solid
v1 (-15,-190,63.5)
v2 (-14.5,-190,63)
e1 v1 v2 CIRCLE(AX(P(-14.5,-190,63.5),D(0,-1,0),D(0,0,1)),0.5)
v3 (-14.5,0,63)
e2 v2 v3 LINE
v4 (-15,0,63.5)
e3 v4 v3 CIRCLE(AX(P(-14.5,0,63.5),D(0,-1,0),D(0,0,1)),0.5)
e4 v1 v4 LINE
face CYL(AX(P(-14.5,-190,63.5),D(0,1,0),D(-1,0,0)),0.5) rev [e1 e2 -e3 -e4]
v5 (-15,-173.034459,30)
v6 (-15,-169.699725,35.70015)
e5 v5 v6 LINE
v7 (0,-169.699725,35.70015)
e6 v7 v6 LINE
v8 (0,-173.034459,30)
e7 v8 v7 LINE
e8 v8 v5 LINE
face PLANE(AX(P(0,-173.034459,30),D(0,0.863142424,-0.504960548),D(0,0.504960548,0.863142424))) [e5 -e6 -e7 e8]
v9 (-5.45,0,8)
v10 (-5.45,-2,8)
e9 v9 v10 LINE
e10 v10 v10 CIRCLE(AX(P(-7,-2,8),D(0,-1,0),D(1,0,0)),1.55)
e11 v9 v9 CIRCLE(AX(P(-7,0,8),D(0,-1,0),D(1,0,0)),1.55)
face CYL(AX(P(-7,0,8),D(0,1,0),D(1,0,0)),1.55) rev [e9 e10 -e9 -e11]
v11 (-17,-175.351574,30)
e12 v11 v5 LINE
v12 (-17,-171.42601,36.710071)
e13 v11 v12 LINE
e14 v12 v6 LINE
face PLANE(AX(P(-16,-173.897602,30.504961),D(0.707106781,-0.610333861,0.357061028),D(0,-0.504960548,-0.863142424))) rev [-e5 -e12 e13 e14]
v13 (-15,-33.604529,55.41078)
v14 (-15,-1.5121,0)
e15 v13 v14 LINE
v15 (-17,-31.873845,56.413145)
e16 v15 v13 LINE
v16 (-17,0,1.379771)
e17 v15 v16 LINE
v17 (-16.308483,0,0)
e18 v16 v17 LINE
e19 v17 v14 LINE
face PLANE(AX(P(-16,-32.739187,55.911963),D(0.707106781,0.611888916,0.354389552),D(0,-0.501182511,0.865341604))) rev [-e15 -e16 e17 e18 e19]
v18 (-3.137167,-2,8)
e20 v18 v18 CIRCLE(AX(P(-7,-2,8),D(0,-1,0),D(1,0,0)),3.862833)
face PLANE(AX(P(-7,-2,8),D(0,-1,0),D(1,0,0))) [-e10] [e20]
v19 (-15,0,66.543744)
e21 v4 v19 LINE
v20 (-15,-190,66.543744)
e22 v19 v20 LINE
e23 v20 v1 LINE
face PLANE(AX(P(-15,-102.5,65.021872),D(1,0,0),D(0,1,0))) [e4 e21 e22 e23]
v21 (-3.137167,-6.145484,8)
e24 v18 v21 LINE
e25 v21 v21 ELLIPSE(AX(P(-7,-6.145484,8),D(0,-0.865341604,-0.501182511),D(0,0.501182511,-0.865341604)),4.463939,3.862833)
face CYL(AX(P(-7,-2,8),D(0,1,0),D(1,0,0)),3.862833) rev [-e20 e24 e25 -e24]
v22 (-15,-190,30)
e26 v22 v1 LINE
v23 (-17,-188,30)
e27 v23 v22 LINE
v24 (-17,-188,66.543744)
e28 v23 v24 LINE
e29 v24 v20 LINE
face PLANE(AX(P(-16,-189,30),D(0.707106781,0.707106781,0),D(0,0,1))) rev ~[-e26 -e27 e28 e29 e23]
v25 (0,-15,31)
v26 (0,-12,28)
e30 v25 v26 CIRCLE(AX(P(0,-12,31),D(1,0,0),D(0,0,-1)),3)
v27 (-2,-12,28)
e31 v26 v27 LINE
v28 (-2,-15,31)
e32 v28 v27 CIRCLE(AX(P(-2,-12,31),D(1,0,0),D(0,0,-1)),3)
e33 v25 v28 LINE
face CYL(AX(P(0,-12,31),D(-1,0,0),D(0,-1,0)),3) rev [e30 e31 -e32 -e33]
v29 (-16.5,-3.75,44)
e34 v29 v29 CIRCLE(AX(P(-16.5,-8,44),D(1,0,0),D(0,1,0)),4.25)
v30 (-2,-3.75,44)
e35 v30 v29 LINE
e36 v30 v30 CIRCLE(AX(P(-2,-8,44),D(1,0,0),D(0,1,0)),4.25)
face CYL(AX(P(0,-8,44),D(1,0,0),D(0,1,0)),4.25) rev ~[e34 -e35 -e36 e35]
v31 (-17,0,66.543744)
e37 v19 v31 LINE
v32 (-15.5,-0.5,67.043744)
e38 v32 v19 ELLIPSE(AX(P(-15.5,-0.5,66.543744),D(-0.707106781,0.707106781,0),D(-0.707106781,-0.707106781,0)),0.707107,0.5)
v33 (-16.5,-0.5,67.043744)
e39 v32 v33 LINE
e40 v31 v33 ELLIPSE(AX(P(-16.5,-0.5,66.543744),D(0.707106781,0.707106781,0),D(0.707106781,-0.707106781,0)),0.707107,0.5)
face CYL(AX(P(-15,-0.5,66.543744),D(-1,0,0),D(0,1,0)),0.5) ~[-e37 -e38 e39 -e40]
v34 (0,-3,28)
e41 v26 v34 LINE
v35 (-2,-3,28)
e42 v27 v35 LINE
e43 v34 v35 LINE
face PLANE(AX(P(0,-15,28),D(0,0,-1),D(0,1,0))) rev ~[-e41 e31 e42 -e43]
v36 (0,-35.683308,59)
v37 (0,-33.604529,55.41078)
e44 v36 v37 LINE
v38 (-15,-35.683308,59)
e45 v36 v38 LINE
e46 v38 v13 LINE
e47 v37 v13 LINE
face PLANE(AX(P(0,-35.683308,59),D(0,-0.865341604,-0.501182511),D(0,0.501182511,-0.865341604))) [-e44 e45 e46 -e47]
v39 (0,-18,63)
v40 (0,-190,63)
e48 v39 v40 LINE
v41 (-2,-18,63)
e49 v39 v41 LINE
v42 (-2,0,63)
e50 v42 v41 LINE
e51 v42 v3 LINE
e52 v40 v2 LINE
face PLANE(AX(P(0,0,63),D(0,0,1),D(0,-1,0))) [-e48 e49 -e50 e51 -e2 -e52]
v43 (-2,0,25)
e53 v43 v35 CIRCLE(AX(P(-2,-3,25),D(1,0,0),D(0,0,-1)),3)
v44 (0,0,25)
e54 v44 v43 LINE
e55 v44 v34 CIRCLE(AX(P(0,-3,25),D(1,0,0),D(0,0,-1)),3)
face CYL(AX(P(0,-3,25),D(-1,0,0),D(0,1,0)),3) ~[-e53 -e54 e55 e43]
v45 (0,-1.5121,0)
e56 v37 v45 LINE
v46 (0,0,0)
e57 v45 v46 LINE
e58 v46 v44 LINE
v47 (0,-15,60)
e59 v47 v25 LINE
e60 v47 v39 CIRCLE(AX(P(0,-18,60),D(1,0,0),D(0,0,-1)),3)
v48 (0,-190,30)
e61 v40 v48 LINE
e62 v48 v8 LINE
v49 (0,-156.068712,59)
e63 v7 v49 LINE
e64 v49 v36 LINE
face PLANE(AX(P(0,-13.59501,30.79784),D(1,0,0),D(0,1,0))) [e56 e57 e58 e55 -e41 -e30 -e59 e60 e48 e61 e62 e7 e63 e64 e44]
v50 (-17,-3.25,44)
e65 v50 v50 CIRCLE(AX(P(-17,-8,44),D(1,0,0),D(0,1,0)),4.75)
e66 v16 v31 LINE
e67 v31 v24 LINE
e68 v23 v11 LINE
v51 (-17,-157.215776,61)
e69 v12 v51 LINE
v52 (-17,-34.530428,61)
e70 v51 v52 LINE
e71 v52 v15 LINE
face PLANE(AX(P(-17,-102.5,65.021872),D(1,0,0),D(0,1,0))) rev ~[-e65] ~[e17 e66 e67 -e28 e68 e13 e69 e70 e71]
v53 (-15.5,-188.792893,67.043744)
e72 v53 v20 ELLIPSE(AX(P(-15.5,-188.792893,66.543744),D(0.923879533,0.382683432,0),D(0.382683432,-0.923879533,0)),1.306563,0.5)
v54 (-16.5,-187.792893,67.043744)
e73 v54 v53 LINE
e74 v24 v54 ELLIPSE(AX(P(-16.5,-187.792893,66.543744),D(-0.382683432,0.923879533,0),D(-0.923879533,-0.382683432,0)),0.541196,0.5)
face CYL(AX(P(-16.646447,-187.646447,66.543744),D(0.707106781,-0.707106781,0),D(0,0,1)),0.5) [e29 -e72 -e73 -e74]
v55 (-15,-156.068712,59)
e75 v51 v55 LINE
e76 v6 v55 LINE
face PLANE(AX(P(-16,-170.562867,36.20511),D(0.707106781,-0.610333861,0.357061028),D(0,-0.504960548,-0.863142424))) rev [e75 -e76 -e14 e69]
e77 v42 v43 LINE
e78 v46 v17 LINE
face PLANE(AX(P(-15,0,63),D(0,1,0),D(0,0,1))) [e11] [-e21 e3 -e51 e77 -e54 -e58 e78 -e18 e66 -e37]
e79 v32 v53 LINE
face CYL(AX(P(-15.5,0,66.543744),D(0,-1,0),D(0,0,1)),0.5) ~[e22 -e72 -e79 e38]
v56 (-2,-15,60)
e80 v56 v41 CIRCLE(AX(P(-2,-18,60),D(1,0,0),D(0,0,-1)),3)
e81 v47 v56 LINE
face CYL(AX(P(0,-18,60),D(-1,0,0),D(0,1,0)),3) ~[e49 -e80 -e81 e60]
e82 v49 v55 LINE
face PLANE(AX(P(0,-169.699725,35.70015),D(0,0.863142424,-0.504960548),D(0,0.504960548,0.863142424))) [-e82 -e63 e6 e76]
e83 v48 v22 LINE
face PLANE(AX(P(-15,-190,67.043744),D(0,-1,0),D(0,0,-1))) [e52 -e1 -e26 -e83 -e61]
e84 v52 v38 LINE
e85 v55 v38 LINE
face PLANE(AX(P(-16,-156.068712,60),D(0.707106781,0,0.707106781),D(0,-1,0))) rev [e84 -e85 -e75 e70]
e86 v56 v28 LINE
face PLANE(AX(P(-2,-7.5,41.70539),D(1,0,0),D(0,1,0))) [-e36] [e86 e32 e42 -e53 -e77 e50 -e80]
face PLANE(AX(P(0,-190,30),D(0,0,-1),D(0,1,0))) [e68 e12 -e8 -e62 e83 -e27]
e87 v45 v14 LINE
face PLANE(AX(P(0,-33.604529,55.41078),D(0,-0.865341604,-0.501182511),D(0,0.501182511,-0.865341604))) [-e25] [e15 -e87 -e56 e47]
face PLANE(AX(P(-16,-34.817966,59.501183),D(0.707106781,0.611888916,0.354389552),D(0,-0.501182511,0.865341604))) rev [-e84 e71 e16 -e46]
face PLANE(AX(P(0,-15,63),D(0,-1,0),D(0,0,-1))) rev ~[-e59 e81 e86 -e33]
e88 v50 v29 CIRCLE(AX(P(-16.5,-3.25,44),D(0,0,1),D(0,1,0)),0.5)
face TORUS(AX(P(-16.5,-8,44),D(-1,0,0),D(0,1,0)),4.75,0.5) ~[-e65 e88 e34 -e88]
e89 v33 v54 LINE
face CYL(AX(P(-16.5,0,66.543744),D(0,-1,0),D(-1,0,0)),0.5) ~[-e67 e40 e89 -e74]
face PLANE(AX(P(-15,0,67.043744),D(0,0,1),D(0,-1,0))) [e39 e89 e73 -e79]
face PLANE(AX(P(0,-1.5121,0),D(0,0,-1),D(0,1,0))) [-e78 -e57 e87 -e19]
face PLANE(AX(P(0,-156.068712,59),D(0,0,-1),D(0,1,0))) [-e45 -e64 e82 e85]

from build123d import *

# Parameters (mm, degrees)
F1_W     = 15
F1_H     = 27.4107800126
F1_R     = 4.25
F1_H_2   = 3.5892199874
F1_H_3   = 4
F2_DEPTH = 17
F3_DEPTH = 2
F4_START = -15
F1_H_4   = 4.0437440276
F4_DEPTH = 2
F5_R     = 3
F0_R     = 1.55
F6_DEPTH = 25
F7_START = 2
F0_R_2   = 3.8628325464
F7_DEPTH = 23
F8_SIZE  = 2
F9_R     = 0.5


with BuildPart() as f2:
    # F1 (on Right) → F2 (new body)
    with BuildSketch(Plane.YZ):
        Polygon((-1.5120996646, 0), (0, 0), (0, 28), (-15, 28), (-15, 55.4107800126), (-33.6045285314, 55.4107800126), align=None)
        with Locations((-7.5, 41.7053900063)):
            Rectangle(F1_W, F1_H)
        with Locations((-8, 44)):
            Circle(F1_R, mode=Mode.SUBTRACT)
        with Locations((-7.5, 57.2053900063)):
            Rectangle(F1_W, F1_H_2)
        Polygon((-35.6833079152, 59), (-33.6045285314, 55.4107800126), (-15, 55.4107800126), (-15, 59), align=None)
        Polygon((-38, 63), (-35.6833079152, 59), (-15, 59), (-15, 63), align=None)
        with Locations((-7.5, 61)):
            Rectangle(F1_W, F1_H_3)
        Polygon((-156.0687124729, 59), (-35.6833079152, 59), (-38, 63), (-190, 63), (-190, 59), align=None)
        Polygon((-169.6997248952, 35.7001498342), (-156.0687124729, 59), (-190, 59), (-190, 35.7001498342), align=None)
        Polygon((-173.0344593525, 30), (-169.6997248952, 35.7001498342), (-190, 35.7001498342), (-190, 30), align=None)
    extrude(amount=-F2_DEPTH)

    # F1 (on Right) → F3 (cut)
    with BuildSketch(Plane.YZ):
        with Locations((-7.5, 41.7053900063)):
            Rectangle(F1_W, F1_H)
        with Locations((-8, 44)):
            Circle(F1_R, mode=Mode.SUBTRACT)
        with Locations((-7.5, 57.2053900063)):
            Rectangle(F1_W, F1_H_2)
        with Locations((-7.5, 61)):
            Rectangle(F1_W, F1_H_3)
    extrude(amount=-F3_DEPTH, mode=Mode.SUBTRACT)

    # F1 (on Right) → F4 (join)
    with BuildSketch(Plane.YZ.offset(F4_START)):
        Polygon((-190, 63), (-38, 63), (-15, 63), (-15, 67.0437440276), (-190, 67.0437440276), align=None)
        with Locations((-7.5, 65.0218720138)):
            Rectangle(F1_W, F1_H_4)
    extrude(amount=-F4_DEPTH)

    # F5
    f5_edges = [f2.edges().sort_by_distance(p)[0] for p in [
        (-1, -15, 28),
        (-1, -15, 63),
        (-1, 0, 28),
    ]]
    fillet(f5_edges, radius=F5_R)

    # F0 (on Front) → F6 (cut)
    with BuildSketch(Plane.XZ):
        with Locations((-7, 8)):
            Circle(F0_R)
    extrude(amount=F6_DEPTH, mode=Mode.SUBTRACT)

    # F0 (on Front) → F7 (cut)
    with BuildSketch(Plane.XZ.offset(F7_START)):
        with Locations((-7, 8)):
            Circle(F0_R_2)
        with Locations((-7, 8)):
            Circle(F0_R, mode=Mode.SUBTRACT)
    extrude(amount=F7_DEPTH, mode=Mode.SUBTRACT)

    # F8
    f8_edges = [f2.edges().sort_by_distance(p)[0] for p in [
        (-17, -18.597704, 29.5),
        (-17, -95.87601, 59),
        (-17, -164.551586, 44.5),
        (-17, -190, 48.521872),
    ]]
    chamfer(f8_edges, length=F8_SIZE)

    # F9
    f9_edges = [f2.edges().sort_by_distance(p)[0] for p in [
        (-15, -95, 63),
        (-15, -95, 67.043744),
        (-17, -94, 67.043744),
        (-16, -189, 67.043744),
        (-16, 0, 67.043744),
        (-17, -12.25, 44),
    ]]
    fillet(f9_edges, radius=F9_R)


solid = f2.part
